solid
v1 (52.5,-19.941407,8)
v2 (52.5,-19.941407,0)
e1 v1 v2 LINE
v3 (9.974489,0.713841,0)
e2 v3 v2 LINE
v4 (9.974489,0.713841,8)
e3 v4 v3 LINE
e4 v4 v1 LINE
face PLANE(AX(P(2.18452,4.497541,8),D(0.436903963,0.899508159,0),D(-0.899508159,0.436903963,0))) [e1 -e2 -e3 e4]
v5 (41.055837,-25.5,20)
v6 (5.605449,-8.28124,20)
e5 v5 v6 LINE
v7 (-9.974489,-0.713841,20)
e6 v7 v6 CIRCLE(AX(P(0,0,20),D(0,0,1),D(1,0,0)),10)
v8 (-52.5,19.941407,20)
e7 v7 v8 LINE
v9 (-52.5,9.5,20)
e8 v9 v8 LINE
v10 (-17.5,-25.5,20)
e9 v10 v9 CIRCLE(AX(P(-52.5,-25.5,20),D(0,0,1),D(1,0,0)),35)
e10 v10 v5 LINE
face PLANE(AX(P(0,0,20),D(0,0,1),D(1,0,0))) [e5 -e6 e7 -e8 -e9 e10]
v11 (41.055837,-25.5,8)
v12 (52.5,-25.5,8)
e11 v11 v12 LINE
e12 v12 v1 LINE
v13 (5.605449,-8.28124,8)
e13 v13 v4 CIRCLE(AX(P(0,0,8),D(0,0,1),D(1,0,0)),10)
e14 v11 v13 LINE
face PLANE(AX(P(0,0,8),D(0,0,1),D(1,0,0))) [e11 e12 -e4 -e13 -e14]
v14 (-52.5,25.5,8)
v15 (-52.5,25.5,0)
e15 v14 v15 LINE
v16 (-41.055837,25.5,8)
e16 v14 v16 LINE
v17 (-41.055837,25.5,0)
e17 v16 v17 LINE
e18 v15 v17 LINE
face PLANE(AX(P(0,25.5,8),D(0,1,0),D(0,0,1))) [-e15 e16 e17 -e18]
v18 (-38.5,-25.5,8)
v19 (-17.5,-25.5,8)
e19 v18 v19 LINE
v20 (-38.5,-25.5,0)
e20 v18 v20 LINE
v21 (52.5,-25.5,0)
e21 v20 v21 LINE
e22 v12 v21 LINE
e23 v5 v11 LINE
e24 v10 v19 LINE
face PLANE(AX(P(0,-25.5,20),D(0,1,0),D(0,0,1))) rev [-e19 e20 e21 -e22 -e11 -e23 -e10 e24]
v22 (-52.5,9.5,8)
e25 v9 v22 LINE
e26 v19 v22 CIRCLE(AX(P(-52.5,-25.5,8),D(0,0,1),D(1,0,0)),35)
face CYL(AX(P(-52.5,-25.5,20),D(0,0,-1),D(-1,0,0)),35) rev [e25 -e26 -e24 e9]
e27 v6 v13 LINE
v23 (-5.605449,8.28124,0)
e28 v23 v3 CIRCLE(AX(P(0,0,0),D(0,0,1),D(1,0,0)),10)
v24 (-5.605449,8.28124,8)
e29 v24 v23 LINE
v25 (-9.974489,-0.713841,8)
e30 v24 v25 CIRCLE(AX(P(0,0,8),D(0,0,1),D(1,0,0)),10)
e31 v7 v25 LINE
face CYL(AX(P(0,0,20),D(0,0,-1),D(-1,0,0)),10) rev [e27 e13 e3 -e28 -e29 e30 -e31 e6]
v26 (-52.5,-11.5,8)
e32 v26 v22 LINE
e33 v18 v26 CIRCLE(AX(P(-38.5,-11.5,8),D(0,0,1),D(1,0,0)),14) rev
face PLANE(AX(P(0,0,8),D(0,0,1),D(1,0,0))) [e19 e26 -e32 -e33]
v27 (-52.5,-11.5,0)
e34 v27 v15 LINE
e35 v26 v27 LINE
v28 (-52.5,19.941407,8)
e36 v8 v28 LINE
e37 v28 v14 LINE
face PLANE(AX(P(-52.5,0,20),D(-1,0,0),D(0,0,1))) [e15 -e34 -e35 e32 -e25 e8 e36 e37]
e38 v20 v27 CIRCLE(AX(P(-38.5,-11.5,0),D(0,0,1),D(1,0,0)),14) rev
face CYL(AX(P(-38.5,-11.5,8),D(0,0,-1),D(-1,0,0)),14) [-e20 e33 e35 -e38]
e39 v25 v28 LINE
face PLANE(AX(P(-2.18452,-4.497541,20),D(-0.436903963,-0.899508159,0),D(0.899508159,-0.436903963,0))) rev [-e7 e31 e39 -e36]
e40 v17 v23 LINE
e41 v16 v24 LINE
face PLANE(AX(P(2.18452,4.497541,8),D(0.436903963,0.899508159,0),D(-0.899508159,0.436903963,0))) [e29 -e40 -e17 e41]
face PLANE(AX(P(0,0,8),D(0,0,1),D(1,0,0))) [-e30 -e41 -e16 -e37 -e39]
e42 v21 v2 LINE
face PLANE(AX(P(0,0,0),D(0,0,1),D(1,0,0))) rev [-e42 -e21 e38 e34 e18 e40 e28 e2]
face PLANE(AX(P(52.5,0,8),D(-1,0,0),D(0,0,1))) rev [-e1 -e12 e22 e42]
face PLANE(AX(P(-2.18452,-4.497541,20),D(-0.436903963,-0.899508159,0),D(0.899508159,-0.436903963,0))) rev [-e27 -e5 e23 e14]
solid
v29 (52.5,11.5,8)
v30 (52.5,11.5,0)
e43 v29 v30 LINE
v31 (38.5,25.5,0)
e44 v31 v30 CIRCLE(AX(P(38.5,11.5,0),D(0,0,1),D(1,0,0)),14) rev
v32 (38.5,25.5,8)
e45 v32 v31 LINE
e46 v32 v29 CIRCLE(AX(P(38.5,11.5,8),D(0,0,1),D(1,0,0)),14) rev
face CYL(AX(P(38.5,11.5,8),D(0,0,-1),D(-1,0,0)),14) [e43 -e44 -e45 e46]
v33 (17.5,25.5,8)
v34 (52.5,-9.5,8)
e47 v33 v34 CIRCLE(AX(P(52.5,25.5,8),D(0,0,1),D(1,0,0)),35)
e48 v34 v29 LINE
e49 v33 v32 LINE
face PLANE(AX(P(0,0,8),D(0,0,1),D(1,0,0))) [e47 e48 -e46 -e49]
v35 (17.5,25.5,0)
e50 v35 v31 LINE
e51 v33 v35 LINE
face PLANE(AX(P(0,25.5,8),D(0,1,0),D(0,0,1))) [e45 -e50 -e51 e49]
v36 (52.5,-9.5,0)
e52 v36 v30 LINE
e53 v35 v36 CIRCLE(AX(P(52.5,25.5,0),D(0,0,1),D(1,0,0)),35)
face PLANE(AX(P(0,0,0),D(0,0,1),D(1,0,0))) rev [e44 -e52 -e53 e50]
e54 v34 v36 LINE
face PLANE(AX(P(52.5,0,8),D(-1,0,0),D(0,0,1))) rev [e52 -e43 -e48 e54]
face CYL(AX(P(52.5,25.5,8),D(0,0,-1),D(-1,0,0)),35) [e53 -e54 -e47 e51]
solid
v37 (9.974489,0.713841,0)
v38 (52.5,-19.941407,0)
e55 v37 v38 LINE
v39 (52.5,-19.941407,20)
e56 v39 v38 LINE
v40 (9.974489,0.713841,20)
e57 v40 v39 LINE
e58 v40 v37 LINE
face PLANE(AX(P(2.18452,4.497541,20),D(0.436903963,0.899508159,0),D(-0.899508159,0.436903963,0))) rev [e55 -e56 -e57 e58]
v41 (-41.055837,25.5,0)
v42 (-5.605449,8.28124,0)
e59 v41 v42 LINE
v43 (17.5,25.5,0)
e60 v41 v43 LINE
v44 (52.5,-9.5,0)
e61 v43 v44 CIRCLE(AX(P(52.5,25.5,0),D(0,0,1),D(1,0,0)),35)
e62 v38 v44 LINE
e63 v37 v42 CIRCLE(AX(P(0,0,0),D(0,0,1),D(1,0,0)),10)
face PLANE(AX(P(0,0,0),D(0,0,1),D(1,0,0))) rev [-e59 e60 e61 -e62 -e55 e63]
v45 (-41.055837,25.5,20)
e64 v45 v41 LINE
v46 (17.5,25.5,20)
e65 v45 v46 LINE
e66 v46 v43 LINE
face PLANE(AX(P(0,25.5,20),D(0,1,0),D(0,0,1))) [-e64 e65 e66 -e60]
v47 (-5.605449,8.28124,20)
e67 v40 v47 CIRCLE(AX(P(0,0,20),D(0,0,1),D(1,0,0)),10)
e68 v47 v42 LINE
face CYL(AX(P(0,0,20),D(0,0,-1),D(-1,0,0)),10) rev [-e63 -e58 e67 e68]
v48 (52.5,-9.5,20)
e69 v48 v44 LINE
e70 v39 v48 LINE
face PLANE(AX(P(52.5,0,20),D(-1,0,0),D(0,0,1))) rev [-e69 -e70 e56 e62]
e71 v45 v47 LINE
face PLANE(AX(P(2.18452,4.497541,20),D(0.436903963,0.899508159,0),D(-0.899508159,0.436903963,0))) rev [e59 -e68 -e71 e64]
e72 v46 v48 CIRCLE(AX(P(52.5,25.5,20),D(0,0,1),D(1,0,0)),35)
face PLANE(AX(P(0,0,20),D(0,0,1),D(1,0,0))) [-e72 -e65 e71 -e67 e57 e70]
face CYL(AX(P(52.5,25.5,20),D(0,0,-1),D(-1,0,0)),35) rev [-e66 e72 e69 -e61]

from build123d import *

# Parameters (mm, degrees)
BOSS_EXTRUDE1_DEPTH   = 20
BOSS_EXTRUDE1_2_DEPTH = 20
BOSS_EXTRUDE2_DEPTH   = 8


with BuildPart() as part:
    # Sketch1 → Boss-Extrude1 (new body)
    with BuildSketch(Plane.XY):
        with BuildLine():
            Line((17.5, 25.5), (-41.055837377, 25.5))
            Line((-41.055837377, 25.5), (-5.605449349, 8.2812401))
            ThreePointArc((-5.605449349, 8.2812401), (4.369039627, 8.995081586), (9.974488976, 0.713841485))
            Line((9.974488976, 0.713841485), (52.5, -19.941406726))
            Line((52.5, -19.941406726), (52.5, -9.5))
            ThreePointArc((52.5, -9.5), (27.751262658, 0.751262658), (17.5, 25.5))
        make_face()
    extrude(amount=BOSS_EXTRUDE1_DEPTH)


with BuildPart() as body_2:
    # Sketch1 → Boss-Extrude1 2 (new body)
    with BuildSketch(Plane.XY):
        with BuildLine():
            ThreePointArc((5.605449349, -8.2812401), (-4.369039627, -8.995081586), (-9.974488976, -0.713841485))
            Line((-9.974488976, -0.713841485), (-52.5, 19.941406726))
            Line((-52.5, 19.941406726), (-52.5, 9.5))
            ThreePointArc((-52.5, 9.5), (-27.751262658, -0.751262658), (-17.5, -25.5))
            Line((-17.5, -25.5), (41.055837377, -25.5))
            Line((41.055837377, -25.5), (5.605449349, -8.2812401))
        make_face()
    extrude(amount=BOSS_EXTRUDE1_2_DEPTH)

    # Sketch1<3> → Boss-Extrude2 (add)
    with BuildSketch(Plane.XY):
        with BuildLine():
            Line((-5.605449349, 8.2812401), (-41.055837377, 25.5))
            Line((-41.055837377, 25.5), (-52.5, 25.5))
            Line((-52.5, 25.5), (-52.5, 19.941406726))
            Line((-52.5, 19.941406726), (-9.974488976, -0.713841485))
            ThreePointArc((-9.974488976, -0.713841485), (-8.995081586, 4.369039627), (-5.605449349, 8.2812401))
        make_face()
        with BuildLine():
            Line((38.5, 25.5), (17.5, 25.5))
            ThreePointArc((17.5, 25.5), (27.751262658, 0.751262658), (52.5, -9.5))
            Line((52.5, -9.5), (52.5, 11.5))
            ThreePointArc((52.5, 11.5), (48.399494937, 21.399494937), (38.5, 25.5))
        make_face()
        with BuildLine():
            Line((52.5, -19.941406726), (9.974488976, 0.713841485))
            ThreePointArc((9.974488976, 0.713841485), (8.995081586, -4.369039627), (5.605449349, -8.2812401))
            Line((5.605449349, -8.2812401), (41.055837377, -25.5))
            Line((41.055837377, -25.5), (52.5, -25.5))
            Line((52.5, -25.5), (52.5, -19.941406726))
        make_face()
        with BuildLine():
            ThreePointArc((-17.5, -25.5), (-27.751262658, -0.751262658), (-52.5, 9.5))
            Line((-52.5, 9.5), (-52.5, -11.5))
            ThreePointArc((-52.5, -11.5), (-48.399494937, -21.399494937), (-38.5, -25.5))
            Line((-38.5, -25.5), (-17.5, -25.5))
        make_face()
    extrude(amount=BOSS_EXTRUDE2_DEPTH)


with BuildPart() as boss_extrude2_piece_1:
    # of the separate pieces the step leaves, piece 1, a body of its own (boss_extrude2_pieces)
    add(body_2.part.solids().sort_by_distance((5.605449349, -8.2812401, 8))[0])


with BuildPart() as boss_extrude2_piece_2:
    # of the separate pieces the step leaves, piece 2, a body of its own (boss_extrude2_pieces)
    add(body_2.part.solids().sort_by_distance((52.5, -9.5, 0))[0])


solid = Compound([part.part, boss_extrude2_piece_1.part, boss_extrude2_piece_2.part])
